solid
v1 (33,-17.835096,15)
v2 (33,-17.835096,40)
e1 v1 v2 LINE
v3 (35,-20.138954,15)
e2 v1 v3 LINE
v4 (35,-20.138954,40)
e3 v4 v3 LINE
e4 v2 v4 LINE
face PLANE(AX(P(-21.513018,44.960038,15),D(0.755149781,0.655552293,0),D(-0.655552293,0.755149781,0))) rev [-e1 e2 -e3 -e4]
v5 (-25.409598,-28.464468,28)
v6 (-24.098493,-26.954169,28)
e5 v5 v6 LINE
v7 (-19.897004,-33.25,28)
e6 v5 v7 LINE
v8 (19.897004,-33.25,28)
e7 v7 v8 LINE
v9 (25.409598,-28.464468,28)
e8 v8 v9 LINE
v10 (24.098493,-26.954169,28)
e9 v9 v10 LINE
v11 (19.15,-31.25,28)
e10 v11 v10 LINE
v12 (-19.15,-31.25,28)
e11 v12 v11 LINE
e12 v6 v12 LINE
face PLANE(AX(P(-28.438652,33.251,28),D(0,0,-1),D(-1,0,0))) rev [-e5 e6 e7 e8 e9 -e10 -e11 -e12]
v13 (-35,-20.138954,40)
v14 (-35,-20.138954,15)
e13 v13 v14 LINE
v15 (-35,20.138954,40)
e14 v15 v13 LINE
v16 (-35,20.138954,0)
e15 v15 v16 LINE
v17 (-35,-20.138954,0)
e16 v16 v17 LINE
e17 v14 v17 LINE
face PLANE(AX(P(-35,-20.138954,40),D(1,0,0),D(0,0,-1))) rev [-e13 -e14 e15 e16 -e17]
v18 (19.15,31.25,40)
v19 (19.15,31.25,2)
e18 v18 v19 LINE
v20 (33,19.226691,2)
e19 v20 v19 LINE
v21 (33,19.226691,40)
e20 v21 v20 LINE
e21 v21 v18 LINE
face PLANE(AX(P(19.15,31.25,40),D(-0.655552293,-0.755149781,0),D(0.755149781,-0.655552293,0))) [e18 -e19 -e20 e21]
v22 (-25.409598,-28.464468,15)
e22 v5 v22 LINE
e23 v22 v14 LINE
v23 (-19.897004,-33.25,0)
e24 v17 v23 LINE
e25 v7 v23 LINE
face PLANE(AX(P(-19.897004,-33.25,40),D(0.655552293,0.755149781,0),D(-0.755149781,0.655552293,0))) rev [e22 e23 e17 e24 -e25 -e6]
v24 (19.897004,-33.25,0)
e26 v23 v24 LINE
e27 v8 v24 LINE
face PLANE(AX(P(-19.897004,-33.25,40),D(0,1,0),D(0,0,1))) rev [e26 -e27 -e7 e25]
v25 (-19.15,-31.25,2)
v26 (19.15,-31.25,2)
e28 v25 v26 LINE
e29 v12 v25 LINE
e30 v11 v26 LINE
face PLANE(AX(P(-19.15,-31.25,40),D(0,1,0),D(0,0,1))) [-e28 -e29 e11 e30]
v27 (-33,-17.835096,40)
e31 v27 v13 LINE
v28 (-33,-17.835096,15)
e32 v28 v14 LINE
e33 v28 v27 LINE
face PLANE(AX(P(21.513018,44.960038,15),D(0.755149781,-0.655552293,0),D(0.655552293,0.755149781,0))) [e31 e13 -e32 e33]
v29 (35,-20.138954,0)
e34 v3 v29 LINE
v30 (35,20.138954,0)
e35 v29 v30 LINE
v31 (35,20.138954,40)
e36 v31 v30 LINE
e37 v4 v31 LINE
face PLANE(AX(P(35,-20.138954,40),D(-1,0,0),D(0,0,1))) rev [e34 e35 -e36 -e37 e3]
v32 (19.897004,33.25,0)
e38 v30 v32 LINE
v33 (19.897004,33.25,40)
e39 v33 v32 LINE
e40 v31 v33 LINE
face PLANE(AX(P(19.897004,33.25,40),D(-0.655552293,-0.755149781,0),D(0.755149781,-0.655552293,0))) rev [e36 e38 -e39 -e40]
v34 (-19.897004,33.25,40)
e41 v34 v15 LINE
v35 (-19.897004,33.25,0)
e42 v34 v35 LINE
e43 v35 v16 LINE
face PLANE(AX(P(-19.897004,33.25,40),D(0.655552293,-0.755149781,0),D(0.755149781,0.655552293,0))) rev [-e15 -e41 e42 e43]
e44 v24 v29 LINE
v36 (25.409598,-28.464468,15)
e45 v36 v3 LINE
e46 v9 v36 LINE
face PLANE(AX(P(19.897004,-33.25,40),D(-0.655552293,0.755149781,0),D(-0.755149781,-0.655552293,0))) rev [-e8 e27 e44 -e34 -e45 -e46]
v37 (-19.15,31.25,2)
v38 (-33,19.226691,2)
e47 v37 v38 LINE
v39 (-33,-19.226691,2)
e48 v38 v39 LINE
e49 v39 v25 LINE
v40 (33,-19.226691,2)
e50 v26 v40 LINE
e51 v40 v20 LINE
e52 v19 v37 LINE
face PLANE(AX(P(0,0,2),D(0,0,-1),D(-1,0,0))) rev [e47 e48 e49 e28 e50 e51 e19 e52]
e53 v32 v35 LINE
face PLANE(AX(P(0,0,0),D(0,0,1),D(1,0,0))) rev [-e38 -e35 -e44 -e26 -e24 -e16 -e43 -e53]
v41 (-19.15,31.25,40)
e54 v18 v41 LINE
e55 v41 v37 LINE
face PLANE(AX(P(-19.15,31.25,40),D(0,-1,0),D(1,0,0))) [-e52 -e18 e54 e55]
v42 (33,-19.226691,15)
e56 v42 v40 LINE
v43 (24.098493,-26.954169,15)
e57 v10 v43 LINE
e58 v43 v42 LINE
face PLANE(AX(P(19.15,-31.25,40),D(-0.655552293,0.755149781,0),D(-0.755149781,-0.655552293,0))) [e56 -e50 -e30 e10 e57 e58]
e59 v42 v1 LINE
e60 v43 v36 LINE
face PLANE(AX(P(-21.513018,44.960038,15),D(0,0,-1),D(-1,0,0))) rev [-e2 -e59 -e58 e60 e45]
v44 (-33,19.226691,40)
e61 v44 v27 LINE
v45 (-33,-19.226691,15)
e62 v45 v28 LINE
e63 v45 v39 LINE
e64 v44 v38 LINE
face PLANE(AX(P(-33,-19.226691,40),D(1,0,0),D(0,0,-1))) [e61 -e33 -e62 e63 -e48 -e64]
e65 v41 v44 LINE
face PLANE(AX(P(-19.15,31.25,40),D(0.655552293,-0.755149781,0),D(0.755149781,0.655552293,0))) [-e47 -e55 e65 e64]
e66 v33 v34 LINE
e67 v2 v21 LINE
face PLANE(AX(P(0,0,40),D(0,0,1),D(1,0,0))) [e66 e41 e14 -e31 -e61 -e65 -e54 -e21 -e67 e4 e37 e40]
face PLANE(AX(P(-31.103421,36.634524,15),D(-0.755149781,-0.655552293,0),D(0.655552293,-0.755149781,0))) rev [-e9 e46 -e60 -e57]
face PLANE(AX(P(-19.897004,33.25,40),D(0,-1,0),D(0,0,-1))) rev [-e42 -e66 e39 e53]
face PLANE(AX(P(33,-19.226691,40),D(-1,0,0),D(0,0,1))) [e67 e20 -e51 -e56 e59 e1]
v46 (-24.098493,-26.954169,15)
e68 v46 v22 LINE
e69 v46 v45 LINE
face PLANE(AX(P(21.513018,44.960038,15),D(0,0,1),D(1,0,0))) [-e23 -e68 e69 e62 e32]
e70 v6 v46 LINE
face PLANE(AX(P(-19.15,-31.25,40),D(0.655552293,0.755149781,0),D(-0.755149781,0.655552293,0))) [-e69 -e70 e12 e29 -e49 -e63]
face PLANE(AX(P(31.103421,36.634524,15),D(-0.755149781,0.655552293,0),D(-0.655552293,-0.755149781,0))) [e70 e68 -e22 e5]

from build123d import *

# Parameters (mm, degrees)
BOSS_EXTRUDE1_DEPTH = 40
CUT_EXTRUDE1_REACH  = 97.146
SKETCH2_W           = 12.7
SKETCH2_H           = 36.204742391
CUT_EXTRUDE2_REACH  = 87.131
SKETCH3_W           = 56.49525371
SKETCH3_H           = 18.41246495
BOSS_EXTRUDE3_DEPTH = 2


with BuildPart() as part:
    # Sketch1 → Boss-Extrude1 (new body)
    with BuildSketch(Plane.XY):
        Polygon((-19.897004387, 33.25), (-35, 20.138954141), (-35, -20.138954141), (-19.897004387, -33.25), (19.897004387, -33.25), (35, -20.138954141), (35, 20.138954141), (19.897004387, 33.25), align=None)
        Polygon((19.15, 31.25), (33, 19.226690863), (33, -19.226690863), (19.15, -31.25), (-19.15, -31.25), (-33, -19.226690863), (-33, 19.226690863), (-19.15, 31.25), align=None, mode=Mode.SUBTRACT)
    extrude(amount=BOSS_EXTRUDE1_DEPTH)

    # Sketch2 → Cut-Extrude1 (cut, up to next)
    with BuildSketch(Plane(origin=(25.010799593, -28.810668547, 0), x_dir=(0.7551497806531032, 0.6555522929405175, 0), z_dir=(0.6555522929405175, -0.7551497806531032, 0)), mode=Mode.PRIVATE) as cut_extrude1_sk1:
        with Locations((6.878104758, 33.102371196)):
            Rectangle(SKETCH2_W, SKETCH2_H)
    cut_extrude1_tool1 = extrude(cut_extrude1_sk1.sketch, amount=-CUT_EXTRUDE1_REACH, mode=Mode.PRIVATE) & part.part
    cut_extrude1 = cut_extrude1_tool1.solids().sort_by_distance((30.204799, -24.301711, 33.102371))[0]
    add(cut_extrude1, mode=Mode.SUBTRACT)

    # Mirror1: Cut-Extrude1 across plane
    add(cut_extrude1.mirror(Plane(origin=(0, 0, 0), x_dir=(0, 0, 1), z_dir=(1, 0, 0))), mode=Mode.SUBTRACT)

    # Sketch3 → Cut-Extrude2 (cut, up to next)
    with BuildSketch(Plane.XZ.offset(33.25), mode=Mode.PRIVATE) as cut_extrude2_sk1:
        with Locations((-0.191025239, 37.206232475)):
            Rectangle(SKETCH3_W, SKETCH3_H)
    cut_extrude2_tool1 = extrude(cut_extrude2_sk1.sketch, amount=-CUT_EXTRUDE2_REACH, mode=Mode.PRIVATE) & part.part
    add(cut_extrude2_tool1.solids().sort_by_distance((-0.191025, -33.25, 37.206232))[0], mode=Mode.SUBTRACT)

    # Sketch4 → Boss-Extrude3 (add)
    with BuildSketch(Plane.XY):
        Polygon((19.15, 31.25), (33, 19.226690863), (33, -19.226690863), (19.15, -31.25), (-19.15, -31.25), (-33, -19.226690863), (-33, 19.226690863), (-19.15, 31.25), align=None)
    extrude(amount=BOSS_EXTRUDE3_DEPTH)


solid = part.part
